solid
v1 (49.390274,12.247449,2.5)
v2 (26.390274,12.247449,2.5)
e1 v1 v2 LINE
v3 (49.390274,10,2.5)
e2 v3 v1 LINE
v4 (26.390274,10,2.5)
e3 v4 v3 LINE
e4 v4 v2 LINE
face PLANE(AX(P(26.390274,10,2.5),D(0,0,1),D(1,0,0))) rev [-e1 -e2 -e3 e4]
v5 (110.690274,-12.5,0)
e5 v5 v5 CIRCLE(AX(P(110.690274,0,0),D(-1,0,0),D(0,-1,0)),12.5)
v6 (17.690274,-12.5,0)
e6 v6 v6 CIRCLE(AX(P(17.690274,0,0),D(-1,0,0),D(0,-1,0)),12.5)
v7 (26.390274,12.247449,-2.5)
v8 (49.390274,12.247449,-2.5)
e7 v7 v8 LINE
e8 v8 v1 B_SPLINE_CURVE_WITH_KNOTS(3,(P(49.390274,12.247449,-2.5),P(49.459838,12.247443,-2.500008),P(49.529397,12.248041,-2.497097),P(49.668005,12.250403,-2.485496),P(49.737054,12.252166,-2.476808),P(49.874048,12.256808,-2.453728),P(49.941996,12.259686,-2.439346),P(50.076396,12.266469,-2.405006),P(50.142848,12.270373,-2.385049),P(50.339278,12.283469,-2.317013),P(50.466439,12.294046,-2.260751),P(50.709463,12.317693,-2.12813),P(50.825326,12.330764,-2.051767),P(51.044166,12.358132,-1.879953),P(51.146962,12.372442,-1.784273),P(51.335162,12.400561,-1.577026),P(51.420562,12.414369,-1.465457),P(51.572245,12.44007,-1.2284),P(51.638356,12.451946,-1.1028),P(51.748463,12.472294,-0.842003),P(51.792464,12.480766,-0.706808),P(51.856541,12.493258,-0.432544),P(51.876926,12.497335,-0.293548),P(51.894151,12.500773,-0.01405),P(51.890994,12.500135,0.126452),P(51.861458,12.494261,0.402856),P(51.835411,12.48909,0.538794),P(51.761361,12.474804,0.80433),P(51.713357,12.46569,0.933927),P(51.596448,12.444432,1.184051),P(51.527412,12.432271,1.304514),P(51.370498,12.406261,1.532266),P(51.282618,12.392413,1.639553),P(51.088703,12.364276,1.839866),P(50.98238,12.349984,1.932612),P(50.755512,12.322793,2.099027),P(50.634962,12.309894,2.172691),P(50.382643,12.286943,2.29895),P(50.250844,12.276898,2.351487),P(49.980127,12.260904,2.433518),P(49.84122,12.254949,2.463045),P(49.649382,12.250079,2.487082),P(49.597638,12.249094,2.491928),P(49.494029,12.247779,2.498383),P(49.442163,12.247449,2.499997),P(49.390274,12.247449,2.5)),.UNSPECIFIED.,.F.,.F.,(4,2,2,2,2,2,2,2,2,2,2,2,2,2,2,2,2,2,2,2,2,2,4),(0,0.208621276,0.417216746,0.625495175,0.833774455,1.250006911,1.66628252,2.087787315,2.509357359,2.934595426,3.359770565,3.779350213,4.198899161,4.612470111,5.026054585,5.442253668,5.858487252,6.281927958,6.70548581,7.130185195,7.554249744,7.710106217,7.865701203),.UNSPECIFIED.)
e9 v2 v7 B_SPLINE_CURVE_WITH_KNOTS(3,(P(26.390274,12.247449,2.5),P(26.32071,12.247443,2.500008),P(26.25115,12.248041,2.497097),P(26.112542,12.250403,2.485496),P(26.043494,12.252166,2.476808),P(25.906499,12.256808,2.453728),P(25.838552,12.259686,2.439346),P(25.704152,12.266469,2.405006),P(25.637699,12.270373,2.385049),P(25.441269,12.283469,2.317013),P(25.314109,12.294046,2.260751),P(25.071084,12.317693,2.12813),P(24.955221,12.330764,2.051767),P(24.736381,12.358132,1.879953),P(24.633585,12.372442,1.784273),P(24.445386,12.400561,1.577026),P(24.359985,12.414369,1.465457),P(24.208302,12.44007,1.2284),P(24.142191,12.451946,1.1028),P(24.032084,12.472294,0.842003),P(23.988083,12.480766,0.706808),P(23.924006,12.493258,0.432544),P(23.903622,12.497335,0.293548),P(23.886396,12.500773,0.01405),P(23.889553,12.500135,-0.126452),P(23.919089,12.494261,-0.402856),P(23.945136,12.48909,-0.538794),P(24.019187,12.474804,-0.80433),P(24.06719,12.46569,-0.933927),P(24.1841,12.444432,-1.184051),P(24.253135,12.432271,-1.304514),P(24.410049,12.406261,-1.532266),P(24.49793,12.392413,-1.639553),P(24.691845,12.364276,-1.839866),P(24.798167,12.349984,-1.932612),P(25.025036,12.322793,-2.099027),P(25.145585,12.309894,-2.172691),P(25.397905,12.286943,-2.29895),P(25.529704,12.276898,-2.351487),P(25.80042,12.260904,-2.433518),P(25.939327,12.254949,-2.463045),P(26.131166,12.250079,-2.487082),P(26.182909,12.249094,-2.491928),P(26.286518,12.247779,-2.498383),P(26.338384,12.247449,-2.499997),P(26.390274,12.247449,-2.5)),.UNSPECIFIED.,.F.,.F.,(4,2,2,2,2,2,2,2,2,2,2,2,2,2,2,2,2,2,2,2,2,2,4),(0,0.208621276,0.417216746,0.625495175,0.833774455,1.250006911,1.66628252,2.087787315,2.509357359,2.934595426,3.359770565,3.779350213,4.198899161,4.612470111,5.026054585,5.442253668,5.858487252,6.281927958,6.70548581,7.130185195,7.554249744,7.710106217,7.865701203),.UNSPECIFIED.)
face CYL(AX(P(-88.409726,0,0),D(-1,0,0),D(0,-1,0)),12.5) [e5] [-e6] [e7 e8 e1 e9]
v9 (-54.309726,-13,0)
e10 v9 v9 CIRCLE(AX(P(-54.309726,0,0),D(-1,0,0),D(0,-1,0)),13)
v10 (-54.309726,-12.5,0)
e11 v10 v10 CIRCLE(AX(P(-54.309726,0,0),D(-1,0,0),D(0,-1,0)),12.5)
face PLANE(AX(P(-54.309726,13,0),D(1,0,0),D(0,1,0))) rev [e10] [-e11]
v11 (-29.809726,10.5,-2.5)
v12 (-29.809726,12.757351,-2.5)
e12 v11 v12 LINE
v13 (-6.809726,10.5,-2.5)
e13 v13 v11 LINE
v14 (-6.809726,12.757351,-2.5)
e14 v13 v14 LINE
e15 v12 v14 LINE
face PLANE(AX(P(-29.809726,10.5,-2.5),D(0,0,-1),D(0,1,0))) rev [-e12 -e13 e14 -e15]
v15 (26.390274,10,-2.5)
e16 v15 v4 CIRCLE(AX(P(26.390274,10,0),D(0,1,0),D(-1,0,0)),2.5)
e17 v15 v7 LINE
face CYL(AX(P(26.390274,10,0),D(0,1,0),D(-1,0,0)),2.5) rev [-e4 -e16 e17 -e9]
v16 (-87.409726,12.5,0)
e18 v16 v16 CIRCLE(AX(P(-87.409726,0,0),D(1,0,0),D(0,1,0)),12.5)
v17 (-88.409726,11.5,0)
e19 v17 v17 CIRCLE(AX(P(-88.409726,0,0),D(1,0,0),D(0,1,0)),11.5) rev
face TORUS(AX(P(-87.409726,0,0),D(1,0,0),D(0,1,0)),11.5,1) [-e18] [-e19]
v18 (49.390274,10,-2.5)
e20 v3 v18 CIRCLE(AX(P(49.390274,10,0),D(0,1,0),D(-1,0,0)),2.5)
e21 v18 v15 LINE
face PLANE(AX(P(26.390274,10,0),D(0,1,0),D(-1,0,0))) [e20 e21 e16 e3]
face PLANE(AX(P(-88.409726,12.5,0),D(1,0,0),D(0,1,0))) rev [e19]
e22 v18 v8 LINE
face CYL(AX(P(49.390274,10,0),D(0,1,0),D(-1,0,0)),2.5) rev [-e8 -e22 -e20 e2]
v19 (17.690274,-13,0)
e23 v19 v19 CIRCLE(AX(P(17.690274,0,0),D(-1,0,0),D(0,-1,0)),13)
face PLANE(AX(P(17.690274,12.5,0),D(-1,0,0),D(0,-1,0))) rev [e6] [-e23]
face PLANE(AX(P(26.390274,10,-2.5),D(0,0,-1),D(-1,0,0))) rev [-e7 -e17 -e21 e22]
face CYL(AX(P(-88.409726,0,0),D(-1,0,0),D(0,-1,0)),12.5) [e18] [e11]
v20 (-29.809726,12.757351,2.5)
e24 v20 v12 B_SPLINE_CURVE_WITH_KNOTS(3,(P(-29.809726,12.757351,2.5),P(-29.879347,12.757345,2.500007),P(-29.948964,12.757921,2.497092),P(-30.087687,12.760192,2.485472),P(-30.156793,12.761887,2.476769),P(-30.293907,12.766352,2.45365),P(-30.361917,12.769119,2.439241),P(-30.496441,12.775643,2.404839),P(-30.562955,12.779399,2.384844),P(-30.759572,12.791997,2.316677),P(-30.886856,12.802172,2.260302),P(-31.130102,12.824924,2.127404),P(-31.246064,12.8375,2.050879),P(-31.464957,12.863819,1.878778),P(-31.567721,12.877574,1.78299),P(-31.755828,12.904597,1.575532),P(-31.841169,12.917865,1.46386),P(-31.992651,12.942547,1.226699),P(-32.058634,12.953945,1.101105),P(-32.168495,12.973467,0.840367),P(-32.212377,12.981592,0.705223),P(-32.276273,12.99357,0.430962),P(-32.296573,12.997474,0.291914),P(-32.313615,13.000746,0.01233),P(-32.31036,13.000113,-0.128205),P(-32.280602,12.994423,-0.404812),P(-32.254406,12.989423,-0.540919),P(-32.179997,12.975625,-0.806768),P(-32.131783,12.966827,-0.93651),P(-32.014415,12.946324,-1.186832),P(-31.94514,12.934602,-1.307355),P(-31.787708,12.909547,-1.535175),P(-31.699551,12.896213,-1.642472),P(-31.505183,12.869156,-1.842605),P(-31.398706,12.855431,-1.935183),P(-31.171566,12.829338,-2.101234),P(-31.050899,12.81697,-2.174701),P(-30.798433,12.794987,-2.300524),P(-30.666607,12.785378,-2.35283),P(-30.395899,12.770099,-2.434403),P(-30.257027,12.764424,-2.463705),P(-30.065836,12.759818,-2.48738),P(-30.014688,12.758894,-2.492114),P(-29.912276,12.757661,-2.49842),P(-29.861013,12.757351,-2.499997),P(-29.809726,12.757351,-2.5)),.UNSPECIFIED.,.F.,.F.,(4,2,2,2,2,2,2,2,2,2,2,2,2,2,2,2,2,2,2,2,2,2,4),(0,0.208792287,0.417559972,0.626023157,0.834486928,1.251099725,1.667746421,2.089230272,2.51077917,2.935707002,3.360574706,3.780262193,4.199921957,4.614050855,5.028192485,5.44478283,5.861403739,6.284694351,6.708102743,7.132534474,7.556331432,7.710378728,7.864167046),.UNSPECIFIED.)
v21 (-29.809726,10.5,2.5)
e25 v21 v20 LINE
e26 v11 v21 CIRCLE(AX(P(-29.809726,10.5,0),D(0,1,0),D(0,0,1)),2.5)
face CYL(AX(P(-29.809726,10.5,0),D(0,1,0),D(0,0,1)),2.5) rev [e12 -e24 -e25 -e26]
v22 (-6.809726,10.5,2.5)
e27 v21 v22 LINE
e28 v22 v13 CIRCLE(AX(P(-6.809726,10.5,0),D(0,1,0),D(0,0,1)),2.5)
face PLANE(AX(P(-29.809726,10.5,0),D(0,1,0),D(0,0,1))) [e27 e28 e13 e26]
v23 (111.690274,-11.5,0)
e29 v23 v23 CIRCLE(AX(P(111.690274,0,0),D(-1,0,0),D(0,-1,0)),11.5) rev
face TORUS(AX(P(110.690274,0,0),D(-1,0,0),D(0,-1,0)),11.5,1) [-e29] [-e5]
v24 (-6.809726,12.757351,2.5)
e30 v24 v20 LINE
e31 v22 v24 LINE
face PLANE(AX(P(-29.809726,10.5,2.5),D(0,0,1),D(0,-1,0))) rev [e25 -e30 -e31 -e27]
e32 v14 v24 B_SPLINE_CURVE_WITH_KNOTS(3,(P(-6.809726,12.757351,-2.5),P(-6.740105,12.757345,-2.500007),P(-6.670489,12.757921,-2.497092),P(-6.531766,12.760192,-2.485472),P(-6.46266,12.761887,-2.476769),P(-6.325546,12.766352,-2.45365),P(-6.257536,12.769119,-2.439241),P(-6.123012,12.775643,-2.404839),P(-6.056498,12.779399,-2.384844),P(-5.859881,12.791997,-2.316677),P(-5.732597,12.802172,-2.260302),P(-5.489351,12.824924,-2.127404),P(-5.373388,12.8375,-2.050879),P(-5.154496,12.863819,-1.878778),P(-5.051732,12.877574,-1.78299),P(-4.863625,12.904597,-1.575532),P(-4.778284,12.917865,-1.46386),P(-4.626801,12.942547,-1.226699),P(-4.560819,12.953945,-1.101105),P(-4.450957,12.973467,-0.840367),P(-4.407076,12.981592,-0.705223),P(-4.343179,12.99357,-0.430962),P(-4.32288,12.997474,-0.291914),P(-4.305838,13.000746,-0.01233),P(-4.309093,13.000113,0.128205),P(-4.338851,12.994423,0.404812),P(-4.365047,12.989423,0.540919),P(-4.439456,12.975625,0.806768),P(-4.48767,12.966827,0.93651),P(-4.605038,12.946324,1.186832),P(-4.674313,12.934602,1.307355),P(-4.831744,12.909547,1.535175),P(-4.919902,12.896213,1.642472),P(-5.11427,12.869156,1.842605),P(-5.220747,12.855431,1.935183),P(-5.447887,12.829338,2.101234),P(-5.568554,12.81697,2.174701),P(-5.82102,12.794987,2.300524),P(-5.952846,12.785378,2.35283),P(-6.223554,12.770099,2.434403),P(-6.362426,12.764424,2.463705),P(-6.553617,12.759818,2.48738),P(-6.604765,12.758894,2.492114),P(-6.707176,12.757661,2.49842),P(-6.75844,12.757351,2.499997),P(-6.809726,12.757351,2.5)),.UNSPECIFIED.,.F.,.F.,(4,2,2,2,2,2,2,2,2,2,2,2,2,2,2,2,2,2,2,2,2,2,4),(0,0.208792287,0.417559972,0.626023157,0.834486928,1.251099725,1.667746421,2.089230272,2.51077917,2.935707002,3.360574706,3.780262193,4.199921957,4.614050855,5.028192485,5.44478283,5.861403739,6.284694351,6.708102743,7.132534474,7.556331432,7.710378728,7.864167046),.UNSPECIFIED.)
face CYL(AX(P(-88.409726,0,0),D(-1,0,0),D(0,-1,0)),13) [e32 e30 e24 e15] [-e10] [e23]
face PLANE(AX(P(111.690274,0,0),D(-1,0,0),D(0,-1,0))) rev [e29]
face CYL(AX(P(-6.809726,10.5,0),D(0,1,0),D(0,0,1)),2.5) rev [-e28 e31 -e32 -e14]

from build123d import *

# Parameters (mm, degrees)
CUT_EXTRUDE1_DEPTH = 2.5
FILLET4_R          = 1
FILLET5_R          = 1
CUT_EXTRUDE3_DEPTH = 2.5


with BuildPart() as part:
    # Sketch1 → Revolve1 (revolve)
    with BuildSketch(Plane.XY, mode=Mode.PRIVATE) as revolve1_sk:
        Polygon((111.690273615, 0), (111.690273615, 12.5), (17.690273615, 12.5), (17.690273615, 13), (-54.309726385, 13), (-54.309726385, 12.5), (-88.409726385, 12.5), (-88.409726385, 0), align=None)
    revolve(revolve1_sk.sketch.rotate(Axis((-88.409726385, 0, 0), (1, 0, 0)), 180), axis=Axis((-88.409726385, 0, 0), (1, 0, 0)))

    # Sketch2 → Cut-Extrude1 (cut)
    with BuildSketch(Plane(origin=(0, 12.5, 0), x_dir=(1, 0, 0), z_dir=(0, 1, 0))):
        with BuildLine():
            Line((26.390273615, 2.5), (49.390273615, 2.5))
            ThreePointArc((49.390273615, 2.5), (51.890273615, 0), (49.390273615, -2.5))
            Line((49.390273615, -2.5), (26.390273615, -2.5))
            ThreePointArc((26.390273615, -2.5), (23.890273615, 0), (26.390273615, 2.5))
        make_face()
    extrude(amount=-CUT_EXTRUDE1_DEPTH, mode=Mode.SUBTRACT)

    # Fillet4
    fillet4_edges = [part.edges().sort_by_distance(p)[0] for p in [
        (111.690273615, 12.5, 0),
    ]]
    fillet(fillet4_edges, radius=FILLET4_R)

    # Fillet5
    fillet5_edges = [part.edges().sort_by_distance(p)[0] for p in [
        (-88.409726385, 12.5, 0),
    ]]
    fillet(fillet5_edges, radius=FILLET5_R)

    # Sketch3 → Cut-Extrude3 (cut)
    with BuildSketch(Plane(origin=(0, 13, 0), x_dir=(1, 0, 0), z_dir=(0, 1, 0))):
        with BuildLine():
            Line((-29.809726385, 2.5), (-6.809726385, 2.5))
            ThreePointArc((-6.809726385, 2.5), (-4.309726385, 0), (-6.809726385, -2.5))
            Line((-6.809726385, -2.5), (-29.809726385, -2.5))
            ThreePointArc((-29.809726385, -2.5), (-32.309726385, 0), (-29.809726385, 2.5))
        make_face()
    extrude(amount=-CUT_EXTRUDE3_DEPTH, mode=Mode.SUBTRACT)


solid = part.part
